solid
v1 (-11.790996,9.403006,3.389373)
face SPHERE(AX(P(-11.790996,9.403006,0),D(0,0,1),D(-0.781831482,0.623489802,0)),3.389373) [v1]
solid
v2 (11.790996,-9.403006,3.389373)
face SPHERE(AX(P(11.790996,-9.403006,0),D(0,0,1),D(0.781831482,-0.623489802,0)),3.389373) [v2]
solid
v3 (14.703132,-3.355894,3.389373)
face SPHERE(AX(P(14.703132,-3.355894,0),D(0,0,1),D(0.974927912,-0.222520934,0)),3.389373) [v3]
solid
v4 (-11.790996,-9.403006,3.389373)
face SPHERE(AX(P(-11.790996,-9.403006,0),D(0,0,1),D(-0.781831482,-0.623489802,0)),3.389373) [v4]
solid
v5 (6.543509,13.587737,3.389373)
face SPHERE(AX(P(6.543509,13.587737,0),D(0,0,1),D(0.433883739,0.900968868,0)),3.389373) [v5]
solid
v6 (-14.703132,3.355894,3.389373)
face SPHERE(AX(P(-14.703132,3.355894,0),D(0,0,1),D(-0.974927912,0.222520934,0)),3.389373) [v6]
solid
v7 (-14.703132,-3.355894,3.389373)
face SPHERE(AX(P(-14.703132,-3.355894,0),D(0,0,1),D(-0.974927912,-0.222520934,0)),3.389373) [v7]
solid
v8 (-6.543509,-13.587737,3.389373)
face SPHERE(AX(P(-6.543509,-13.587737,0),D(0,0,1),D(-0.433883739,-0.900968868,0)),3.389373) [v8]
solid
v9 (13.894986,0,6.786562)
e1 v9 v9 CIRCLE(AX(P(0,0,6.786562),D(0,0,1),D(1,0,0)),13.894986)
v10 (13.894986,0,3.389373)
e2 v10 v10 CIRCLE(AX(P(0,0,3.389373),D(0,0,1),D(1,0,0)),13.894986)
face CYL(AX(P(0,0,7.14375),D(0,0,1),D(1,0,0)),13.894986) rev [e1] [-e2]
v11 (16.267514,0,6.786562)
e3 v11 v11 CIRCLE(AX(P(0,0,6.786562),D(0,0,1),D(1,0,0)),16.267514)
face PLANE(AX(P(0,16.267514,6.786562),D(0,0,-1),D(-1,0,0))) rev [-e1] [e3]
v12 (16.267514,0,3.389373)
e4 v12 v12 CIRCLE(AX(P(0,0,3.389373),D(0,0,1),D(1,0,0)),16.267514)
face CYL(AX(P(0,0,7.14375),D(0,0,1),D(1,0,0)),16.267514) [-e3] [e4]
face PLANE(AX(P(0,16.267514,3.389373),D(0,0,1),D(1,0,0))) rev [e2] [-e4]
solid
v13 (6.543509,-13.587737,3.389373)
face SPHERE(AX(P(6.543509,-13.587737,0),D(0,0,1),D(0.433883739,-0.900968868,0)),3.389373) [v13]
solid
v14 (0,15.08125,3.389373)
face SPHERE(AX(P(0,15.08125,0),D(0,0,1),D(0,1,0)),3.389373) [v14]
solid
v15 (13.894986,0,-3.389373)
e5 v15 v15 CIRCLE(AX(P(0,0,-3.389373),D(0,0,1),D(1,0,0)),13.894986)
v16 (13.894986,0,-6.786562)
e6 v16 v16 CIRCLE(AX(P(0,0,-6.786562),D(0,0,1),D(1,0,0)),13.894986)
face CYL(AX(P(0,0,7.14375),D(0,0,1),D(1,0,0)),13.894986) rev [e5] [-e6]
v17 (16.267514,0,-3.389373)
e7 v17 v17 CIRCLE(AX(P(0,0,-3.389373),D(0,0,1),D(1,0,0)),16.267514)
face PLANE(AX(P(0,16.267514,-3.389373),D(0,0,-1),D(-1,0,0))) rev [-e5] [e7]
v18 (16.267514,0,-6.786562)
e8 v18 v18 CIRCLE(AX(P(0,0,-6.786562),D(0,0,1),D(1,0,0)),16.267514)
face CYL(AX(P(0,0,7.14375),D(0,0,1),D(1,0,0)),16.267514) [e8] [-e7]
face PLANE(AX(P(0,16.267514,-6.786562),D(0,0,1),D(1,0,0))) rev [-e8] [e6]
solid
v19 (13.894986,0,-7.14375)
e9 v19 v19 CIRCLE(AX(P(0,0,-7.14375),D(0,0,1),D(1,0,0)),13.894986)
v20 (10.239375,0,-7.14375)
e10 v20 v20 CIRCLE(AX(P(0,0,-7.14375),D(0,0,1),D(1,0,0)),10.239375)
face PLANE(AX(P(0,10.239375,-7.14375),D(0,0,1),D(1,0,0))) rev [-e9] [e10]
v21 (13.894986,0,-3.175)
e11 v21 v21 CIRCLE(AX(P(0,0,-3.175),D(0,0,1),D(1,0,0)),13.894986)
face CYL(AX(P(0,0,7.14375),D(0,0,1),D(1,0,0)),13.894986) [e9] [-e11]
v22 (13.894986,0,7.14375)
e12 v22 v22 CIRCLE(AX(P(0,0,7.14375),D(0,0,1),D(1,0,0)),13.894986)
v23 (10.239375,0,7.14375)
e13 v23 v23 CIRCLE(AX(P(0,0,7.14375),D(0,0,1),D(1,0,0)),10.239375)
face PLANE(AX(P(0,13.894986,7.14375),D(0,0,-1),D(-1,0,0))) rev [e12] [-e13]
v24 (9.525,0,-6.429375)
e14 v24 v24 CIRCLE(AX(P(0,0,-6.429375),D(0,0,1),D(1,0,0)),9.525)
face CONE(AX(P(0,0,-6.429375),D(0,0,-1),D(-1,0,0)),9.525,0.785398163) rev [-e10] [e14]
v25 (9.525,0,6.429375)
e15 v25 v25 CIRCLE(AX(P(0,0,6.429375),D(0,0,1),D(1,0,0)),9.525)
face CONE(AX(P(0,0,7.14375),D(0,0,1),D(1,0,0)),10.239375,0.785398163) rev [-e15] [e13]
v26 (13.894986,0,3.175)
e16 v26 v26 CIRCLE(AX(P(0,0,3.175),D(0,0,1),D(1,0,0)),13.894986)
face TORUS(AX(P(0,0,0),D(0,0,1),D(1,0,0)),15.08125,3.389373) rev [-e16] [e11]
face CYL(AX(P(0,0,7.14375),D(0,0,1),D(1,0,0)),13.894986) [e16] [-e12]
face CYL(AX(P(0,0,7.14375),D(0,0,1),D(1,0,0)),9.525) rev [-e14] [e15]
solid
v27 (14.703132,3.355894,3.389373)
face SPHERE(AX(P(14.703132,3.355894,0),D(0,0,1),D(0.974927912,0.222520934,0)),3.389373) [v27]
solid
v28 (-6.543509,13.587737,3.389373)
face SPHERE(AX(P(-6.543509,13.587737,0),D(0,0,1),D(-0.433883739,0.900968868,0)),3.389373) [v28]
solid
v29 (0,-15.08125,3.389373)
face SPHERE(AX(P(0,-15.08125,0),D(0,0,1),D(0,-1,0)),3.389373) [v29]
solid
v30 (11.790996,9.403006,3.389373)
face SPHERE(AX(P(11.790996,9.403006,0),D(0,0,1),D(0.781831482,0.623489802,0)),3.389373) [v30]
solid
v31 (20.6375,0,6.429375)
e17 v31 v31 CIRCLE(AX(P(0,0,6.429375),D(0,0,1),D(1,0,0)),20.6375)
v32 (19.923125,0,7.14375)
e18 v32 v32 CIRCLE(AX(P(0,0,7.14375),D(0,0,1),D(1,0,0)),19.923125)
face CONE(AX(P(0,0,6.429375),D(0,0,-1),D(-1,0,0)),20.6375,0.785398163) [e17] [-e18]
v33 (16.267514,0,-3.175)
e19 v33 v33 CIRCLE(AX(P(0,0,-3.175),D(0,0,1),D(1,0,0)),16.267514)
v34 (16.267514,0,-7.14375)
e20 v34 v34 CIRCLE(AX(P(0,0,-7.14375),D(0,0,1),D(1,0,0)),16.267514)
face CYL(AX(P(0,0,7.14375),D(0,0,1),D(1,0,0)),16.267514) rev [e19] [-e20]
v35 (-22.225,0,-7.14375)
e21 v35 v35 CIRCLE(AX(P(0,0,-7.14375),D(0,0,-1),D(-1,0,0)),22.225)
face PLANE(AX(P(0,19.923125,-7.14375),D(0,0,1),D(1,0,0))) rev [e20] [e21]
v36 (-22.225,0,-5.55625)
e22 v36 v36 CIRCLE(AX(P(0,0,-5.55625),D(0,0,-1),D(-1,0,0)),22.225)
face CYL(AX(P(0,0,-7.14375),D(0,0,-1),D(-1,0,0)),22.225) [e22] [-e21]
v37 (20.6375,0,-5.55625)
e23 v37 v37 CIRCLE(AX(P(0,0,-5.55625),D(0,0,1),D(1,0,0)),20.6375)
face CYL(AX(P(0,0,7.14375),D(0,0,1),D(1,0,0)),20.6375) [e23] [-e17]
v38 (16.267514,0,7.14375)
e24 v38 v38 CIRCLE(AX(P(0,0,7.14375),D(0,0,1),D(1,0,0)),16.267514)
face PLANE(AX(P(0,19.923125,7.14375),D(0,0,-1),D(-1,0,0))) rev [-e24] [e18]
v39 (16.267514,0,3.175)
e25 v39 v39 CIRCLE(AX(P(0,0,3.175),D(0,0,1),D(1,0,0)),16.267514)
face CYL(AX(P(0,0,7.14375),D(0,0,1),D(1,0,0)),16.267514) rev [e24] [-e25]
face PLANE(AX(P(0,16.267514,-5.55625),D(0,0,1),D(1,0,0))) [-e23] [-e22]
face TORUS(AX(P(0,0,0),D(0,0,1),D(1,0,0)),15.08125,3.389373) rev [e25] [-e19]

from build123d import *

# Parameters (mm, degrees)
CIRPATTERN1_COUNT = 14
SKETCH5_W         = 3.397189896
SKETCH5_H         = 2.372527472
SKETCH6_W         = 1.5875
SKETCH6_H         = 5.957486264


with BuildPart() as part:
    # Sketch1 → Revolve1 (revolve)
    with BuildSketch(Plane(origin=(0, 0, 0), x_dir=(0, 0, -1), z_dir=(1, 0, 0))):
        with BuildLine():
            Line((6.429375, 20.6375), (-6.429375, 20.6375))
            Line((-6.429375, 20.6375), (-7.14375, 19.923125))
            Line((-7.14375, 19.923125), (-7.14375, 16.267513736))
            Line((-7.14375, 16.267513736), (-3.175, 16.267513736))
            ThreePointArc((-3.175, 16.267513736), (0, 18.470622604), (3.175, 16.267513736))
            Line((3.175, 16.267513736), (7.14375, 16.267513736))
            Line((7.14375, 16.267513736), (7.14375, 19.923125))
            Line((7.14375, 19.923125), (6.429375, 20.6375))
        make_face()
    revolve(axis=Axis((0, 0, 7.14375), (0, 0, -1)))

    # Sketch6 → Revolve6 (revolve)
    with BuildSketch(Plane(origin=(0, 0, 0), x_dir=(0, 0, -1), z_dir=(1, 0, 0))):
        with Locations((6.35, 19.246256868)):
            Rectangle(SKETCH6_W, SKETCH6_H)
    revolve(axis=Axis((0, 0, -7.14375), (0, 0, 1)))


with BuildPart() as body_2:
    # Sketch3 → Revolve3 (revolve)
    with BuildSketch(Plane(origin=(0, 0, 0), x_dir=(0, 0, -1), z_dir=(1, 0, 0))):
        with BuildLine():
            Line((-7.14375, 13.894986264), (-3.175, 13.894986264))
            ThreePointArc((-3.175, 13.894986264), (0, 11.691877396), (3.175, 13.894986264))
            Line((3.175, 13.894986264), (7.14375, 13.894986264))
            Line((7.14375, 13.894986264), (7.14375, 10.239375))
            Line((7.14375, 10.239375), (6.429375, 9.525))
            Line((6.429375, 9.525), (-6.429375, 9.525))
            Line((-6.429375, 9.525), (-7.14375, 10.239375))
            Line((-7.14375, 10.239375), (-7.14375, 13.894986264))
        make_face()
    revolve(axis=Axis((0, 0, 7.14375), (0, 0, -1)))


with BuildPart() as body_3:
    # Sketch4 → Revolve4 (revolve)
    with BuildSketch(Plane(origin=(0, 0, 0), x_dir=(0, 0, -1), z_dir=(1, 0, 0))):
        with BuildLine():
            Line((-3.389372604, 15.08125), (3.389372604, 15.08125))
            ThreePointArc((3.389372604, 15.08125), (0, 18.470622604), (-3.389372604, 15.08125))
        make_face()
    revolve(axis=Axis((0, 15.08125, 3.389372604), (0, 0, -1)))


with BuildPart() as cirpattern1_1:
    # CirPattern1: pattern copy
    add(body_3.part.rotate(Axis((0, 0, -7.14375), (0, 0, 1)), 1 * 360 / CIRPATTERN1_COUNT))


with BuildPart() as cirpattern1_2:
    # CirPattern1: pattern copy
    add(body_3.part.rotate(Axis((0, 0, -7.14375), (0, 0, 1)), 2 * 360 / CIRPATTERN1_COUNT))


with BuildPart() as cirpattern1_3:
    # CirPattern1: pattern copy
    add(body_3.part.rotate(Axis((0, 0, -7.14375), (0, 0, 1)), 3 * 360 / CIRPATTERN1_COUNT))


with BuildPart() as cirpattern1_4:
    # CirPattern1: pattern copy
    add(body_3.part.rotate(Axis((0, 0, -7.14375), (0, 0, 1)), 4 * 360 / CIRPATTERN1_COUNT))


with BuildPart() as cirpattern1_5:
    # CirPattern1: pattern copy
    add(body_3.part.rotate(Axis((0, 0, -7.14375), (0, 0, 1)), 5 * 360 / CIRPATTERN1_COUNT))


with BuildPart() as cirpattern1_6:
    # CirPattern1: pattern copy
    add(body_3.part.rotate(Axis((0, 0, -7.14375), (0, 0, 1)), 6 * 360 / CIRPATTERN1_COUNT))


with BuildPart() as cirpattern1_7:
    # CirPattern1: pattern copy
    add(body_3.part.rotate(Axis((0, 0, -7.14375), (0, 0, 1)), 7 * 360 / CIRPATTERN1_COUNT))


with BuildPart() as cirpattern1_8:
    # CirPattern1: pattern copy
    add(body_3.part.rotate(Axis((0, 0, -7.14375), (0, 0, 1)), 8 * 360 / CIRPATTERN1_COUNT))


with BuildPart() as cirpattern1_9:
    # CirPattern1: pattern copy
    add(body_3.part.rotate(Axis((0, 0, -7.14375), (0, 0, 1)), 9 * 360 / CIRPATTERN1_COUNT))


with BuildPart() as cirpattern1_10:
    # CirPattern1: pattern copy
    add(body_3.part.rotate(Axis((0, 0, -7.14375), (0, 0, 1)), 10 * 360 / CIRPATTERN1_COUNT))


with BuildPart() as cirpattern1_11:
    # CirPattern1: pattern copy
    add(body_3.part.rotate(Axis((0, 0, -7.14375), (0, 0, 1)), 11 * 360 / CIRPATTERN1_COUNT))


with BuildPart() as cirpattern1_12:
    # CirPattern1: pattern copy
    add(body_3.part.rotate(Axis((0, 0, -7.14375), (0, 0, 1)), 12 * 360 / CIRPATTERN1_COUNT))


with BuildPart() as cirpattern1_13:
    # CirPattern1: pattern copy
    add(body_3.part.rotate(Axis((0, 0, -7.14375), (0, 0, 1)), 13 * 360 / CIRPATTERN1_COUNT))


with BuildPart() as body_17:
    # Sketch5 → Revolve5 (revolve)
    with BuildSketch(Plane(origin=(0, 0, 0), x_dir=(0, 0, -1), z_dir=(1, 0, 0))):
        with Locations((-5.087967552, 15.08125)):
            Rectangle(SKETCH5_W, SKETCH5_H)
        with Locations((5.087967552, 15.08125)):
            Rectangle(SKETCH5_W, SKETCH5_H)
    revolve(axis=Axis((0, 0, 7.14375), (0, 0, -1)))


solid = Compound([part.part, body_2.part, body_3.part, cirpattern1_1.part, cirpattern1_2.part, cirpattern1_3.part, cirpattern1_4.part, cirpattern1_5.part, cirpattern1_6.part, cirpattern1_7.part, cirpattern1_8.part, cirpattern1_9.part, cirpattern1_10.part, cirpattern1_11.part, cirpattern1_12.part, cirpattern1_13.part, body_17.part])
